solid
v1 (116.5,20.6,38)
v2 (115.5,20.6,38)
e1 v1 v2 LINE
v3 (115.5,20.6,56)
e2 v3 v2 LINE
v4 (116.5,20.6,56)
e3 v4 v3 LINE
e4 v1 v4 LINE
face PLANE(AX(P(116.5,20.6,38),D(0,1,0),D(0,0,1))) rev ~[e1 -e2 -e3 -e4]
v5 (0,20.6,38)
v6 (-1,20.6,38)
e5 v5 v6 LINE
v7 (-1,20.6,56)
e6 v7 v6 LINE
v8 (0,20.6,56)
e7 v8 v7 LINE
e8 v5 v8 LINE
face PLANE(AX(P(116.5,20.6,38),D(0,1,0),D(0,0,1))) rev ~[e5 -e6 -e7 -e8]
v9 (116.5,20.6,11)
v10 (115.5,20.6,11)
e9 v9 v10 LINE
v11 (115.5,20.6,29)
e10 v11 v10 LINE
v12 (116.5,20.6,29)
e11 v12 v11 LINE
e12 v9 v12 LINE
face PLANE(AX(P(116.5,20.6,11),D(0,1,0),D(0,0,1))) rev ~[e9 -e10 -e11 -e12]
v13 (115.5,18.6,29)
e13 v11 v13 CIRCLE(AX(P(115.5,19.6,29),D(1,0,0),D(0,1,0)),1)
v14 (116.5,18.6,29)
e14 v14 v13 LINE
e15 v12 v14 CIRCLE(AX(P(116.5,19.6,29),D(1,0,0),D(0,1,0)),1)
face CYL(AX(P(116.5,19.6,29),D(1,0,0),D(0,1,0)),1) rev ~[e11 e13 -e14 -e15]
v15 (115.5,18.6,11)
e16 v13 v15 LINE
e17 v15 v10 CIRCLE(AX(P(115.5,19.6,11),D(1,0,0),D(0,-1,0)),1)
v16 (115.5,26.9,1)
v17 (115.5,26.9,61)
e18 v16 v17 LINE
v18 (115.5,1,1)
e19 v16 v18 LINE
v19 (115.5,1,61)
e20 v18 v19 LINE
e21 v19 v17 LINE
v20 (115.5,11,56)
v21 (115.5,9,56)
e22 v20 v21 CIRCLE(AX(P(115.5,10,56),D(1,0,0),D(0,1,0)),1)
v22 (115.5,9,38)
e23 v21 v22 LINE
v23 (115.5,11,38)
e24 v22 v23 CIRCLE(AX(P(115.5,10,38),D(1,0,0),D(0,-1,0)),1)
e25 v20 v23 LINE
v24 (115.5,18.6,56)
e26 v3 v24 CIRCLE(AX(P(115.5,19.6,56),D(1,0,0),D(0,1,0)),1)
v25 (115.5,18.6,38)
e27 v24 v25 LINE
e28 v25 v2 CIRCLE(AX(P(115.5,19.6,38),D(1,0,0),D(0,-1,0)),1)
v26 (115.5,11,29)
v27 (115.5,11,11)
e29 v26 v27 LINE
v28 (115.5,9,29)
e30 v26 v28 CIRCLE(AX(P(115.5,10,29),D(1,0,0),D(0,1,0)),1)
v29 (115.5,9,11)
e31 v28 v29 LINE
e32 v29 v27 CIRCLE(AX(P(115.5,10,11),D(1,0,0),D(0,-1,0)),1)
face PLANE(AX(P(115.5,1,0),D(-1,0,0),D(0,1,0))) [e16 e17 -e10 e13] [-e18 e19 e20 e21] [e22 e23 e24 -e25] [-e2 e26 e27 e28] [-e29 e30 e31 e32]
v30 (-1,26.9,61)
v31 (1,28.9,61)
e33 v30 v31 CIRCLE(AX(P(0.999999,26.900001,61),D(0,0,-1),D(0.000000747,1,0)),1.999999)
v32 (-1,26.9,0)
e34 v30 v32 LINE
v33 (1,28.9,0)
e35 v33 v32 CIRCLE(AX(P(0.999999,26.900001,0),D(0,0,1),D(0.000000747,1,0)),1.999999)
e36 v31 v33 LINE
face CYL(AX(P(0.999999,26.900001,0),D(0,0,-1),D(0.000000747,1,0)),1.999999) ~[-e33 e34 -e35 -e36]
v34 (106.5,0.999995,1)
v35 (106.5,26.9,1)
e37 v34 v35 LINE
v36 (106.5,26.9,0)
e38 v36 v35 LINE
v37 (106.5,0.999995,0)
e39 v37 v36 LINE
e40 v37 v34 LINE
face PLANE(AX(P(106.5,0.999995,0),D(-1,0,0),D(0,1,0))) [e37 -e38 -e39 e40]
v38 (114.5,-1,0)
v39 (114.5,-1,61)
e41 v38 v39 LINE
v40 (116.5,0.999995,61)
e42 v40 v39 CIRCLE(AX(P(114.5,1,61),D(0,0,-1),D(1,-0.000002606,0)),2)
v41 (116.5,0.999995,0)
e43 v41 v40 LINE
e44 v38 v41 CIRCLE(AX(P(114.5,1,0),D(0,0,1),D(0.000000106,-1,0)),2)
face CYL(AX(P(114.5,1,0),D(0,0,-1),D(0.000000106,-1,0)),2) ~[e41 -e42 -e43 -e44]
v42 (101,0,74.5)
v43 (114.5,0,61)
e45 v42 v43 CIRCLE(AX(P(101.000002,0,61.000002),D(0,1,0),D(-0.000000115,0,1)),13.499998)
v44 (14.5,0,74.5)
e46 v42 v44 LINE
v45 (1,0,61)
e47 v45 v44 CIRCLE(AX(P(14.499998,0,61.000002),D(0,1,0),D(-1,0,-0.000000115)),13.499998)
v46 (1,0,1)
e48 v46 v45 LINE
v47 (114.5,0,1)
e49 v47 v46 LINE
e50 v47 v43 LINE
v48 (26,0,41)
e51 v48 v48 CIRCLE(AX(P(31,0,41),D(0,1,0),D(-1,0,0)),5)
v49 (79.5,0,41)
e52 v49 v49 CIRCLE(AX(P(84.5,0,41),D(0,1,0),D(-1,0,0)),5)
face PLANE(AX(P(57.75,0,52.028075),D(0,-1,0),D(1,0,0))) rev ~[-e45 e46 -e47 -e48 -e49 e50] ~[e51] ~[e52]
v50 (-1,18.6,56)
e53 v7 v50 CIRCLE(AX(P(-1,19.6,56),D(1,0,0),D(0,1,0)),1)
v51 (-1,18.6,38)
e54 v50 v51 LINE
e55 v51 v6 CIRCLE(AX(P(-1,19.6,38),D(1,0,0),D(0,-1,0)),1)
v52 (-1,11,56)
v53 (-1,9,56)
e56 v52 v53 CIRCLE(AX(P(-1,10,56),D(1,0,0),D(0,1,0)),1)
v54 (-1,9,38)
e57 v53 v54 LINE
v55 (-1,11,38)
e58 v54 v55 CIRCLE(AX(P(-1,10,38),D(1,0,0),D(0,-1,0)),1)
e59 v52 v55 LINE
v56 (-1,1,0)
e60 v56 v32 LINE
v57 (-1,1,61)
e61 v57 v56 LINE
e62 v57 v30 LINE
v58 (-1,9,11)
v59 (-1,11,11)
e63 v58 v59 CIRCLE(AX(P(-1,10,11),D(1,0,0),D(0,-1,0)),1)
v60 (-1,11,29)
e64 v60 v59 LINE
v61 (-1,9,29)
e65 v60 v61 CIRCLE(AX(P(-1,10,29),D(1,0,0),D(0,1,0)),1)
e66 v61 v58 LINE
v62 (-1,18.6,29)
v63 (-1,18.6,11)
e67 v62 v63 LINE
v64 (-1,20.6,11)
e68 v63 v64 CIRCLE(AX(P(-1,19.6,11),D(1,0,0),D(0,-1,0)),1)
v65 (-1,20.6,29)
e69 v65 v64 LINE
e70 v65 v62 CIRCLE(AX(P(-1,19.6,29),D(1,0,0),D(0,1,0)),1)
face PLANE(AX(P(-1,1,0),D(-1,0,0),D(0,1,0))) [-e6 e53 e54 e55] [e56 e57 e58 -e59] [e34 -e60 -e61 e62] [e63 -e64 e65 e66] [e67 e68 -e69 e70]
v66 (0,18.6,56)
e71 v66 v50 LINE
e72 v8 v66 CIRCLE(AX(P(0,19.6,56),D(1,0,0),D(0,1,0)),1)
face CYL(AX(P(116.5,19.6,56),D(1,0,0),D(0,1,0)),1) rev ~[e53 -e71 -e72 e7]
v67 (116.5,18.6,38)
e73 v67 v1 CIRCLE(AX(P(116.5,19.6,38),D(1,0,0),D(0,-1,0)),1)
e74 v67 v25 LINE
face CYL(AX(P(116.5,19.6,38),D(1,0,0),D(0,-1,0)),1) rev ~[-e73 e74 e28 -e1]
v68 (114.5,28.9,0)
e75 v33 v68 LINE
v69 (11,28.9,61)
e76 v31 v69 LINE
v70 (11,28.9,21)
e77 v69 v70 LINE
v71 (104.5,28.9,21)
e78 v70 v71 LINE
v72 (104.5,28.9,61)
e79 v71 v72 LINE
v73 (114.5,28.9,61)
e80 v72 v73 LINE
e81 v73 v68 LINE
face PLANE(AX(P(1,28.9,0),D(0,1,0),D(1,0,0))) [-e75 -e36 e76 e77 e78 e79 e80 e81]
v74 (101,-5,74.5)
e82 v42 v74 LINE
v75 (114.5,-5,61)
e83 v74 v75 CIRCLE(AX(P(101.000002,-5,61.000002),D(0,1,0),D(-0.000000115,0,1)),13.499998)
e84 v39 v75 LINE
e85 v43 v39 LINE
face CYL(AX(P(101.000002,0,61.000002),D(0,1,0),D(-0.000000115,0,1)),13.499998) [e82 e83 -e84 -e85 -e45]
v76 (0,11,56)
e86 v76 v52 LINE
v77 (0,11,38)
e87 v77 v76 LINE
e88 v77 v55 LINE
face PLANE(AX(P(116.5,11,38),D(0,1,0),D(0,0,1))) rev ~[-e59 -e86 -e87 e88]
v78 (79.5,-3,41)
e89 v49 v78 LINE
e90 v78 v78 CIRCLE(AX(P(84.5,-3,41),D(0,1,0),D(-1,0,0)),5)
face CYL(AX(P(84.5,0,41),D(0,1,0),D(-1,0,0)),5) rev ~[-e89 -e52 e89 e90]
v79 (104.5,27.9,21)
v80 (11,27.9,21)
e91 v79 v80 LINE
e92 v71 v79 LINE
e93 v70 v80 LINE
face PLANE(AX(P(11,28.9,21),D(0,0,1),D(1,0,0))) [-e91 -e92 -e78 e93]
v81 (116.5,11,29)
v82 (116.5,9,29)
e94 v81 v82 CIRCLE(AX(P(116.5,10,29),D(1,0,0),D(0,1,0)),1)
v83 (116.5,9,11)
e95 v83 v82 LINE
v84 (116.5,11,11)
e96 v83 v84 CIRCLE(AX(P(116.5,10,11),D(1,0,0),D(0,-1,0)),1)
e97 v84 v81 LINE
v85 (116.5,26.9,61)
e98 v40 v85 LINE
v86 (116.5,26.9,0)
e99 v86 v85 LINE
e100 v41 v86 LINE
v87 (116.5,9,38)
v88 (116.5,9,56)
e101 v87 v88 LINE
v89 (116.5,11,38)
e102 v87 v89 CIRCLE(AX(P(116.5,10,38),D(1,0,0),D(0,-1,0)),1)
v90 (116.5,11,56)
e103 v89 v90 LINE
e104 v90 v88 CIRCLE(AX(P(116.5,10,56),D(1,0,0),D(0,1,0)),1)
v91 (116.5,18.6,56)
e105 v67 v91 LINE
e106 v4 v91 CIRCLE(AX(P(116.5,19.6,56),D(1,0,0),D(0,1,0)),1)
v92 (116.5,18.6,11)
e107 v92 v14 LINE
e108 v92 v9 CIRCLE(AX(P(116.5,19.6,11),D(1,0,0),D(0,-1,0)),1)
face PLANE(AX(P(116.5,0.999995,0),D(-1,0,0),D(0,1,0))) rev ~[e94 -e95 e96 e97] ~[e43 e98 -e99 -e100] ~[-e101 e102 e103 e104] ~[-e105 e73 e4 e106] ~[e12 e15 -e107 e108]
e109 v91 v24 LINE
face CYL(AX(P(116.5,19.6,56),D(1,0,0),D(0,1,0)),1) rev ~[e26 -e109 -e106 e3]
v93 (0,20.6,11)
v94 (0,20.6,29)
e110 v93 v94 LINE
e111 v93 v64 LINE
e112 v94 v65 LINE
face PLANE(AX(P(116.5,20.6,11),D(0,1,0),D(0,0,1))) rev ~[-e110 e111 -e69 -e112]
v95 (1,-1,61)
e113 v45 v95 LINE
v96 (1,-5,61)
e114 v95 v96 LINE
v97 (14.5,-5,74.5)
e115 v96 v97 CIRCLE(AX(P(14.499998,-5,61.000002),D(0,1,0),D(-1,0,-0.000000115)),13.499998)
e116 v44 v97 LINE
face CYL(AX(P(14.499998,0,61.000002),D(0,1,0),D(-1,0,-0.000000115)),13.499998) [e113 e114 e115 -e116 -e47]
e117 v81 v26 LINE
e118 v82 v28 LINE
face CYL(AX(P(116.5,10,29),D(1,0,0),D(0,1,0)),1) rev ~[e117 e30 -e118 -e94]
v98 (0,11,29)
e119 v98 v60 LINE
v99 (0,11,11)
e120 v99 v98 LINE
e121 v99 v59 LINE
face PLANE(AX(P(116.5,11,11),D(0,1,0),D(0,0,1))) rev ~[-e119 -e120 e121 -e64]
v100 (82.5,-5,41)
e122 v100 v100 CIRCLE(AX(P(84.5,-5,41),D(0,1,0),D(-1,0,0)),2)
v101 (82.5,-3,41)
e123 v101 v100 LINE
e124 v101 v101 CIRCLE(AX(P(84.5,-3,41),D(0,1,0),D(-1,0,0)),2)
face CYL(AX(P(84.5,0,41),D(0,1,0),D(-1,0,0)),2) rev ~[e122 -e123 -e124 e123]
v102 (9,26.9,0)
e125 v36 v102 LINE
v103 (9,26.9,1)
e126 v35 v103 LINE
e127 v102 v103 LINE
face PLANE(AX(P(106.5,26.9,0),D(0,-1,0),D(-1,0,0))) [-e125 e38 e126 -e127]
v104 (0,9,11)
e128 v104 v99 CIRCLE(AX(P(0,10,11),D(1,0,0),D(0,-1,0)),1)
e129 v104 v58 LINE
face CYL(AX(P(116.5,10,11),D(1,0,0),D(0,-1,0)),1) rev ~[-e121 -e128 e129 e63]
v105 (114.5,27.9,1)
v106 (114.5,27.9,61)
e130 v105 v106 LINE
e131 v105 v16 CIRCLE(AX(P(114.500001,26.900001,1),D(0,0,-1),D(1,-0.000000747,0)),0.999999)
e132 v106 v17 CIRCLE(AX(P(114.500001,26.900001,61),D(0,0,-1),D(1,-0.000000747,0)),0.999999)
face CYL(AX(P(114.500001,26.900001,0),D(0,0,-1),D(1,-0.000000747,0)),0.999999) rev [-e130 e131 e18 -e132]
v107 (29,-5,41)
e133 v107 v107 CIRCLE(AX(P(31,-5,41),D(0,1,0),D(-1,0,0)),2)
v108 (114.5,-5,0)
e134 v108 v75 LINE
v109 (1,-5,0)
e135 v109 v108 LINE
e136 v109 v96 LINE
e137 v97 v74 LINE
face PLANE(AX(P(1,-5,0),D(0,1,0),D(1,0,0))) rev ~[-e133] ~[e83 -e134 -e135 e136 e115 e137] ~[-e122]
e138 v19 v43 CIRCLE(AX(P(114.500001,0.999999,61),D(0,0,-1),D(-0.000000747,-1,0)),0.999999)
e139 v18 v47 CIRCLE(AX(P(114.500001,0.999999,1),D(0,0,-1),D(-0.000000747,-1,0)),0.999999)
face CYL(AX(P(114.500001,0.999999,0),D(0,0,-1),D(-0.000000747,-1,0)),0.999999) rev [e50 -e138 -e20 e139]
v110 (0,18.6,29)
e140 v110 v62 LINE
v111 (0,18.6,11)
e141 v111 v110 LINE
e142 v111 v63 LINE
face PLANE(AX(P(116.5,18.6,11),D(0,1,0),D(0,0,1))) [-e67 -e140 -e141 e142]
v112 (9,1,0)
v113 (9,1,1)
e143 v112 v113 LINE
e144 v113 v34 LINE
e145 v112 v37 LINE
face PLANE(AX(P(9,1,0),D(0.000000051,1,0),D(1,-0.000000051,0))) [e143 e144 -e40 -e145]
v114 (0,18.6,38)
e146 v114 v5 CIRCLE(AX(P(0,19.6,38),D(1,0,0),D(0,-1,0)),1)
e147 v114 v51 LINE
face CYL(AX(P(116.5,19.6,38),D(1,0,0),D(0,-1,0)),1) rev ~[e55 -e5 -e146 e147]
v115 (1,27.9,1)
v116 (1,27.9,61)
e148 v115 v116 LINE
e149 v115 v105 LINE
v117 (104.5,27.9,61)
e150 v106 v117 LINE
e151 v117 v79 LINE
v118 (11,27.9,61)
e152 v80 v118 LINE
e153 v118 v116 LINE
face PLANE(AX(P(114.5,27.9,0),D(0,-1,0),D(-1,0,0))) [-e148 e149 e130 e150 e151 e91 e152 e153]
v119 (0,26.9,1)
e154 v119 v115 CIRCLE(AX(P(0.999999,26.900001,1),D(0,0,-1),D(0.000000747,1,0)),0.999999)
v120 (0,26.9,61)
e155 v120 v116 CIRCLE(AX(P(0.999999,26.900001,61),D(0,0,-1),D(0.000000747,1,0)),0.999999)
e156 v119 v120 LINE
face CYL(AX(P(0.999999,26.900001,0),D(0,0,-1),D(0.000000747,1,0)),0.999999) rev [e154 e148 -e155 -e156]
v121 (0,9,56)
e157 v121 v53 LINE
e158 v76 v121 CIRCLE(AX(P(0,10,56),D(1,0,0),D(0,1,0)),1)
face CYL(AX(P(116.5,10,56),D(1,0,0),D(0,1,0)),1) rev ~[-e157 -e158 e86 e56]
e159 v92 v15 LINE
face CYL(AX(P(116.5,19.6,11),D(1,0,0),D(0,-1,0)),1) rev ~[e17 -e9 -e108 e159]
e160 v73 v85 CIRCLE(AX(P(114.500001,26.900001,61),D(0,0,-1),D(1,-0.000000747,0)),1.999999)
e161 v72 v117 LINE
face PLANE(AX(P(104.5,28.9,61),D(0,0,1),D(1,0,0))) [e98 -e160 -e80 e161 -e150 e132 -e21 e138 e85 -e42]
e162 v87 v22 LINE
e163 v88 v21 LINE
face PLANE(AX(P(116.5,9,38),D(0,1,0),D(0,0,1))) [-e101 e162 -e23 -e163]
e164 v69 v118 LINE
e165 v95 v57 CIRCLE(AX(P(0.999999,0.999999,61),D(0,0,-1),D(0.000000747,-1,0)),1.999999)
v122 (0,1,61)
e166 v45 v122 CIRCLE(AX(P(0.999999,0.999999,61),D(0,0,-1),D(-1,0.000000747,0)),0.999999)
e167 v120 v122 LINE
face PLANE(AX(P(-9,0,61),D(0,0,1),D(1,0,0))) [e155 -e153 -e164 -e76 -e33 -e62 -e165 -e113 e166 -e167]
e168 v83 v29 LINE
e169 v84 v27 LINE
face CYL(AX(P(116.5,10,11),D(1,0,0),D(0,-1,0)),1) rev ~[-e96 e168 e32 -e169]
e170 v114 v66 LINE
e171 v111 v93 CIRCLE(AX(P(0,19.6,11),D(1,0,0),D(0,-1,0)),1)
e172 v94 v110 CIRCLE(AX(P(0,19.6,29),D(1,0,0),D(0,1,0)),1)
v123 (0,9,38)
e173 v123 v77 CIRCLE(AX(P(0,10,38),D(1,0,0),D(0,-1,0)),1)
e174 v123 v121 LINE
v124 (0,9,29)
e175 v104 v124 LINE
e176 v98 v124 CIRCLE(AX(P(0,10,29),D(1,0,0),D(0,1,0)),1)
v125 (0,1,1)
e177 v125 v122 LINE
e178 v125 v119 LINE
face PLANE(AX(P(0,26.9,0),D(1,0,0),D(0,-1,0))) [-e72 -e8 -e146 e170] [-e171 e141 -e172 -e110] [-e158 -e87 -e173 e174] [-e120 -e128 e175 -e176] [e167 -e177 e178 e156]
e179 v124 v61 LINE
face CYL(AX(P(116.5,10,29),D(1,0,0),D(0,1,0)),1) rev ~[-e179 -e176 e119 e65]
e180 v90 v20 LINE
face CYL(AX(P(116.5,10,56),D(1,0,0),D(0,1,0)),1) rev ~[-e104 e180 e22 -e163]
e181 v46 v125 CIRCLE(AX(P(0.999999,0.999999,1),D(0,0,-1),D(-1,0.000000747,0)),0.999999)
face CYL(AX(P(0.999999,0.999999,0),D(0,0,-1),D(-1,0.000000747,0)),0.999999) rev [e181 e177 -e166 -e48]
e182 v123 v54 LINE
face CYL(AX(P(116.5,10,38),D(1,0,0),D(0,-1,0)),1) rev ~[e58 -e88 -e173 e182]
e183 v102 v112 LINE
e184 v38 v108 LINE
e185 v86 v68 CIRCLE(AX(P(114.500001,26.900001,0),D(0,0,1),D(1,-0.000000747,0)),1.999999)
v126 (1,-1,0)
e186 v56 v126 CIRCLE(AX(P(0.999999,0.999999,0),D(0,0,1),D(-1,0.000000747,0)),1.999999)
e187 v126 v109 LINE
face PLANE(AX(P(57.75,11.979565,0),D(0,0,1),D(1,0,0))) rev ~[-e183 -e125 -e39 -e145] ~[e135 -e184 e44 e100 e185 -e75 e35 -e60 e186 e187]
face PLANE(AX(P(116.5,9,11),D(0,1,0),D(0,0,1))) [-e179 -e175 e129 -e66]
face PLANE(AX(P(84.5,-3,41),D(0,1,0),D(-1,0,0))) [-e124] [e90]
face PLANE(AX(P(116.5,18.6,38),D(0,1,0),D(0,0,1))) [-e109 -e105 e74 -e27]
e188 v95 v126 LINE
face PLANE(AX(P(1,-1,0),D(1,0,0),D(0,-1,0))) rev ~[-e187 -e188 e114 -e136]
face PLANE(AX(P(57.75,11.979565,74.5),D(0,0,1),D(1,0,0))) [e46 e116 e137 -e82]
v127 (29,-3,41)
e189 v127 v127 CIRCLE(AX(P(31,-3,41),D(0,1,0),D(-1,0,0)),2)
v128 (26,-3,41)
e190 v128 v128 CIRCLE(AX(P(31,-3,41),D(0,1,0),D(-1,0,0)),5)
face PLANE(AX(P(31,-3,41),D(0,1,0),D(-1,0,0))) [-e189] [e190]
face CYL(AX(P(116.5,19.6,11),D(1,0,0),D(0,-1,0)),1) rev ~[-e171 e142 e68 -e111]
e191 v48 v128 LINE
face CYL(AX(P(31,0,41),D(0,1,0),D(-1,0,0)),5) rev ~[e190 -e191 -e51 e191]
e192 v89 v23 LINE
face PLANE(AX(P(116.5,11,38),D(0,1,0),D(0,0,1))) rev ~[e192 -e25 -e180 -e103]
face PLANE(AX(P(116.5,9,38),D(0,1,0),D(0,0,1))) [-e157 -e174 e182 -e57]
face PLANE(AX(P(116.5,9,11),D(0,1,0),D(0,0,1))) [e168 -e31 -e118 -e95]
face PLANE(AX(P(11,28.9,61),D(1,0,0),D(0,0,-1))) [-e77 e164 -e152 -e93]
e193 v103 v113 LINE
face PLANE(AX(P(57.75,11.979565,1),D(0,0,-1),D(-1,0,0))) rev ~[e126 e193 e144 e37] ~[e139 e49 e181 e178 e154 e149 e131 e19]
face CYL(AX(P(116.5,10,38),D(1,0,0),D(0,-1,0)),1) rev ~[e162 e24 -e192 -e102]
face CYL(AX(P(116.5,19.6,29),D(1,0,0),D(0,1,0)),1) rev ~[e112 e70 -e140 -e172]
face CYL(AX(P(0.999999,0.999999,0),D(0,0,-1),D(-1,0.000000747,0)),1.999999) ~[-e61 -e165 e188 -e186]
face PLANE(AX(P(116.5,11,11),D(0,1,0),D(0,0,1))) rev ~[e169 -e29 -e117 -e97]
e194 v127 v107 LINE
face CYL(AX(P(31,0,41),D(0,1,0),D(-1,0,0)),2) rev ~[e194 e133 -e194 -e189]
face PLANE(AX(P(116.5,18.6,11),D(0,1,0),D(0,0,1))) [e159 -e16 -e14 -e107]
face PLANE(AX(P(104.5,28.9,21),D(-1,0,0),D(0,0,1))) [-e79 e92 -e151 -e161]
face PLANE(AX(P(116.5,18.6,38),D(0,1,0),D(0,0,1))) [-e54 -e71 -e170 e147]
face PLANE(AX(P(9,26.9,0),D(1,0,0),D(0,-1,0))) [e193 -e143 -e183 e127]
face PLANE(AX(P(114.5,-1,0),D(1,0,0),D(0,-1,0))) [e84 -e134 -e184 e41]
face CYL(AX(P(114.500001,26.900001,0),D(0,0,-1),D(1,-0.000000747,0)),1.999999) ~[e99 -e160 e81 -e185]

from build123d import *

# Parameters (mm, degrees)
PAD_DEPTH       = 74.5
PAD001_DEPTH    = 1
POCKET_DEPTH    = 28.9
POCKET001_DEPTH = 5.001
SKETCH004_R     = 5
POCKET002_DEPTH = 3
SKETCH005_R     = 2
HOLE_DEPTH      = 25
POCKET003_DEPTH = 117.501


with BuildPart() as part:
    # Sketch → Pad (new body)
    with BuildSketch(Plane.XY):
        with BuildLine():
            Line((1, -1), (1, -5))
            Line((1, -5), (114.5, -5))
            Line((114.5, -1), (114.5, -5))
            ThreePointArc((114.5, -1), (115.914212, -0.414215), (116.5, 0.999995))
            Line((116.5, 0.999995), (116.5, 26.9))
            ThreePointArc((116.5, 26.9), (115.914214, 28.314214), (114.5, 28.9))
            Line((1, 28.9), (114.5, 28.9))
            ThreePointArc((1, 28.9), (-0.414214, 28.314214), (-1, 26.9))
            Line((-1, 1), (-1, 26.9))
            ThreePointArc((-1, 1), (-0.414214, -0.414214), (1, -1))
        make_face()
        with BuildLine():
            Line((1, 0), (114.5, 0))
            ThreePointArc((114.5, 0), (115.207107, 0.292893), (115.5, 1))
            Line((115.5, 1), (115.5, 26.9))
            ThreePointArc((115.5, 26.9), (115.207107, 27.607107), (114.5, 27.9))
            Line((114.5, 27.9), (1, 27.9))
            ThreePointArc((1, 27.9), (0.292893, 27.607107), (0, 26.9))
            Line((0, 26.9), (0, 1))
            ThreePointArc((0, 1), (0.292893, 0.292893), (1, 0))
        make_face(mode=Mode.SUBTRACT)
    extrude(amount=PAD_DEPTH)

    # Sketch001 → Pad001 (join)
    with BuildSketch(Plane.XY):
        with BuildLine():
            Line((-1, 1), (-1, 26.9))
            ThreePointArc((1, 28.9), (-0.414214, 28.314214), (-1, 26.9))
            Line((1, 28.9), (114.5, 28.9))
            ThreePointArc((116.5, 26.9), (115.914214, 28.314214), (114.5, 28.9))
            Line((116.5, 26.9), (116.5, 0.999995))
            ThreePointArc((114.5, -1), (115.914212, -0.414215), (116.5, 0.999995))
            Line((114.5, -1), (114.5, -5))
            Line((114.5, -5), (1, -5))
            Line((1, -5), (1, -1))
            ThreePointArc((-1, 1), (-0.414214, -0.414214), (1, -1))
        make_face()
        Polygon((9, 26.9), (9, 1), (106.5, 0.999995), (106.5, 26.9), align=None, mode=Mode.SUBTRACT)
    extrude(amount=PAD001_DEPTH)

    # Sketch002 (on Face22 of Pad001) → Pocket (cut)
    with BuildSketch(Plane(origin=(0, 28.9, 0), x_dir=(-1, 0, 0), z_dir=(0, 1, 0))):
        Polygon((-104.5, 21), (-104.5, 61), (-124.5, 61), (-124.5, 74.5), (9, 74.5), (9, 61), (-11, 61), (-11, 21), align=None)
    extrude(amount=-POCKET_DEPTH, mode=Mode.SUBTRACT)

    # Sketch003 (on Face30 of Pocket) → Pocket001 (cut, through all)
    with BuildSketch(Plane(origin=(0, 0, 0), x_dir=(-1, 0, 0), z_dir=(0, 1, 0))):
        with BuildLine():
            ThreePointArc((-101, 74.5), (-110.545942, 70.545942), (-114.5, 61))
            Line((-114.5, 61), (-124.5, 61))
            Line((-124.5, 61), (-124.5, 74.5))
            Line((-124.5, 74.5), (-101, 74.5))
        make_face()
        with BuildLine():
            ThreePointArc((-1, 61), (-4.954058, 70.545942), (-14.5, 74.5))
            Line((-14.5, 74.5), (9, 74.5))
            Line((9, 74.5), (9, 61))
            Line((9, 61), (-1, 61))
        make_face()
    extrude(amount=-POCKET001_DEPTH, mode=Mode.SUBTRACT)

    # Sketch004 (on Face42 of Pocket001) → Pocket002 (cut)
    with BuildSketch(Plane(origin=(0, 0, 0), x_dir=(-1, 0, 0), z_dir=(0, 1, 0))):
        with Locations((-84.5, 41)):
            Circle(SKETCH004_R)
        with Locations((-31, 41)):
            Circle(SKETCH004_R)
    extrude(amount=-POCKET002_DEPTH, mode=Mode.SUBTRACT)

    # Sketch005 (on Face42 of Pocket001) → Hole (cut)
    with BuildSketch(Plane(origin=(0, 0, 0), x_dir=(-1, 0, 0), z_dir=(0, 1, 0))):
        with Locations((-84.5, 41)):
            Circle(SKETCH005_R)
        with Locations((-31, 41)):
            Circle(SKETCH005_R)
    extrude(amount=-HOLE_DEPTH, mode=Mode.SUBTRACT)

    # Sketch006 (on Face21 of Hole) → Pocket003 (cut, through all)
    with BuildSketch(Plane.YZ.offset(116.5)):
        with BuildLine():
            ThreePointArc((9, 11), (10, 10), (11, 11))
            Line((11, 11), (11, 29))
            ThreePointArc((11, 29), (10, 30), (9, 29))
            Line((9, 11), (9, 29))
        make_face()
        with BuildLine():
            ThreePointArc((9, 38), (10, 37), (11, 38))
            Line((11, 38), (11, 56))
            ThreePointArc((11, 56), (10, 57), (9, 56))
            Line((9, 38), (9, 56))
        make_face()
        with BuildLine():
            ThreePointArc((18.6, 11), (19.6, 10), (20.6, 11))
            Line((20.6, 11), (20.6, 29))
            ThreePointArc((20.6, 29), (19.6, 30), (18.6, 29))
            Line((18.6, 11), (18.6, 29))
        make_face()
        with BuildLine():
            ThreePointArc((18.6, 38), (19.6, 37), (20.6, 38))
            Line((20.6, 38), (20.6, 56))
            ThreePointArc((20.6, 56), (19.6, 57), (18.6, 56))
            Line((18.6, 38), (18.6, 56))
        make_face()
    extrude(amount=-POCKET003_DEPTH, mode=Mode.SUBTRACT)


solid = part.part
